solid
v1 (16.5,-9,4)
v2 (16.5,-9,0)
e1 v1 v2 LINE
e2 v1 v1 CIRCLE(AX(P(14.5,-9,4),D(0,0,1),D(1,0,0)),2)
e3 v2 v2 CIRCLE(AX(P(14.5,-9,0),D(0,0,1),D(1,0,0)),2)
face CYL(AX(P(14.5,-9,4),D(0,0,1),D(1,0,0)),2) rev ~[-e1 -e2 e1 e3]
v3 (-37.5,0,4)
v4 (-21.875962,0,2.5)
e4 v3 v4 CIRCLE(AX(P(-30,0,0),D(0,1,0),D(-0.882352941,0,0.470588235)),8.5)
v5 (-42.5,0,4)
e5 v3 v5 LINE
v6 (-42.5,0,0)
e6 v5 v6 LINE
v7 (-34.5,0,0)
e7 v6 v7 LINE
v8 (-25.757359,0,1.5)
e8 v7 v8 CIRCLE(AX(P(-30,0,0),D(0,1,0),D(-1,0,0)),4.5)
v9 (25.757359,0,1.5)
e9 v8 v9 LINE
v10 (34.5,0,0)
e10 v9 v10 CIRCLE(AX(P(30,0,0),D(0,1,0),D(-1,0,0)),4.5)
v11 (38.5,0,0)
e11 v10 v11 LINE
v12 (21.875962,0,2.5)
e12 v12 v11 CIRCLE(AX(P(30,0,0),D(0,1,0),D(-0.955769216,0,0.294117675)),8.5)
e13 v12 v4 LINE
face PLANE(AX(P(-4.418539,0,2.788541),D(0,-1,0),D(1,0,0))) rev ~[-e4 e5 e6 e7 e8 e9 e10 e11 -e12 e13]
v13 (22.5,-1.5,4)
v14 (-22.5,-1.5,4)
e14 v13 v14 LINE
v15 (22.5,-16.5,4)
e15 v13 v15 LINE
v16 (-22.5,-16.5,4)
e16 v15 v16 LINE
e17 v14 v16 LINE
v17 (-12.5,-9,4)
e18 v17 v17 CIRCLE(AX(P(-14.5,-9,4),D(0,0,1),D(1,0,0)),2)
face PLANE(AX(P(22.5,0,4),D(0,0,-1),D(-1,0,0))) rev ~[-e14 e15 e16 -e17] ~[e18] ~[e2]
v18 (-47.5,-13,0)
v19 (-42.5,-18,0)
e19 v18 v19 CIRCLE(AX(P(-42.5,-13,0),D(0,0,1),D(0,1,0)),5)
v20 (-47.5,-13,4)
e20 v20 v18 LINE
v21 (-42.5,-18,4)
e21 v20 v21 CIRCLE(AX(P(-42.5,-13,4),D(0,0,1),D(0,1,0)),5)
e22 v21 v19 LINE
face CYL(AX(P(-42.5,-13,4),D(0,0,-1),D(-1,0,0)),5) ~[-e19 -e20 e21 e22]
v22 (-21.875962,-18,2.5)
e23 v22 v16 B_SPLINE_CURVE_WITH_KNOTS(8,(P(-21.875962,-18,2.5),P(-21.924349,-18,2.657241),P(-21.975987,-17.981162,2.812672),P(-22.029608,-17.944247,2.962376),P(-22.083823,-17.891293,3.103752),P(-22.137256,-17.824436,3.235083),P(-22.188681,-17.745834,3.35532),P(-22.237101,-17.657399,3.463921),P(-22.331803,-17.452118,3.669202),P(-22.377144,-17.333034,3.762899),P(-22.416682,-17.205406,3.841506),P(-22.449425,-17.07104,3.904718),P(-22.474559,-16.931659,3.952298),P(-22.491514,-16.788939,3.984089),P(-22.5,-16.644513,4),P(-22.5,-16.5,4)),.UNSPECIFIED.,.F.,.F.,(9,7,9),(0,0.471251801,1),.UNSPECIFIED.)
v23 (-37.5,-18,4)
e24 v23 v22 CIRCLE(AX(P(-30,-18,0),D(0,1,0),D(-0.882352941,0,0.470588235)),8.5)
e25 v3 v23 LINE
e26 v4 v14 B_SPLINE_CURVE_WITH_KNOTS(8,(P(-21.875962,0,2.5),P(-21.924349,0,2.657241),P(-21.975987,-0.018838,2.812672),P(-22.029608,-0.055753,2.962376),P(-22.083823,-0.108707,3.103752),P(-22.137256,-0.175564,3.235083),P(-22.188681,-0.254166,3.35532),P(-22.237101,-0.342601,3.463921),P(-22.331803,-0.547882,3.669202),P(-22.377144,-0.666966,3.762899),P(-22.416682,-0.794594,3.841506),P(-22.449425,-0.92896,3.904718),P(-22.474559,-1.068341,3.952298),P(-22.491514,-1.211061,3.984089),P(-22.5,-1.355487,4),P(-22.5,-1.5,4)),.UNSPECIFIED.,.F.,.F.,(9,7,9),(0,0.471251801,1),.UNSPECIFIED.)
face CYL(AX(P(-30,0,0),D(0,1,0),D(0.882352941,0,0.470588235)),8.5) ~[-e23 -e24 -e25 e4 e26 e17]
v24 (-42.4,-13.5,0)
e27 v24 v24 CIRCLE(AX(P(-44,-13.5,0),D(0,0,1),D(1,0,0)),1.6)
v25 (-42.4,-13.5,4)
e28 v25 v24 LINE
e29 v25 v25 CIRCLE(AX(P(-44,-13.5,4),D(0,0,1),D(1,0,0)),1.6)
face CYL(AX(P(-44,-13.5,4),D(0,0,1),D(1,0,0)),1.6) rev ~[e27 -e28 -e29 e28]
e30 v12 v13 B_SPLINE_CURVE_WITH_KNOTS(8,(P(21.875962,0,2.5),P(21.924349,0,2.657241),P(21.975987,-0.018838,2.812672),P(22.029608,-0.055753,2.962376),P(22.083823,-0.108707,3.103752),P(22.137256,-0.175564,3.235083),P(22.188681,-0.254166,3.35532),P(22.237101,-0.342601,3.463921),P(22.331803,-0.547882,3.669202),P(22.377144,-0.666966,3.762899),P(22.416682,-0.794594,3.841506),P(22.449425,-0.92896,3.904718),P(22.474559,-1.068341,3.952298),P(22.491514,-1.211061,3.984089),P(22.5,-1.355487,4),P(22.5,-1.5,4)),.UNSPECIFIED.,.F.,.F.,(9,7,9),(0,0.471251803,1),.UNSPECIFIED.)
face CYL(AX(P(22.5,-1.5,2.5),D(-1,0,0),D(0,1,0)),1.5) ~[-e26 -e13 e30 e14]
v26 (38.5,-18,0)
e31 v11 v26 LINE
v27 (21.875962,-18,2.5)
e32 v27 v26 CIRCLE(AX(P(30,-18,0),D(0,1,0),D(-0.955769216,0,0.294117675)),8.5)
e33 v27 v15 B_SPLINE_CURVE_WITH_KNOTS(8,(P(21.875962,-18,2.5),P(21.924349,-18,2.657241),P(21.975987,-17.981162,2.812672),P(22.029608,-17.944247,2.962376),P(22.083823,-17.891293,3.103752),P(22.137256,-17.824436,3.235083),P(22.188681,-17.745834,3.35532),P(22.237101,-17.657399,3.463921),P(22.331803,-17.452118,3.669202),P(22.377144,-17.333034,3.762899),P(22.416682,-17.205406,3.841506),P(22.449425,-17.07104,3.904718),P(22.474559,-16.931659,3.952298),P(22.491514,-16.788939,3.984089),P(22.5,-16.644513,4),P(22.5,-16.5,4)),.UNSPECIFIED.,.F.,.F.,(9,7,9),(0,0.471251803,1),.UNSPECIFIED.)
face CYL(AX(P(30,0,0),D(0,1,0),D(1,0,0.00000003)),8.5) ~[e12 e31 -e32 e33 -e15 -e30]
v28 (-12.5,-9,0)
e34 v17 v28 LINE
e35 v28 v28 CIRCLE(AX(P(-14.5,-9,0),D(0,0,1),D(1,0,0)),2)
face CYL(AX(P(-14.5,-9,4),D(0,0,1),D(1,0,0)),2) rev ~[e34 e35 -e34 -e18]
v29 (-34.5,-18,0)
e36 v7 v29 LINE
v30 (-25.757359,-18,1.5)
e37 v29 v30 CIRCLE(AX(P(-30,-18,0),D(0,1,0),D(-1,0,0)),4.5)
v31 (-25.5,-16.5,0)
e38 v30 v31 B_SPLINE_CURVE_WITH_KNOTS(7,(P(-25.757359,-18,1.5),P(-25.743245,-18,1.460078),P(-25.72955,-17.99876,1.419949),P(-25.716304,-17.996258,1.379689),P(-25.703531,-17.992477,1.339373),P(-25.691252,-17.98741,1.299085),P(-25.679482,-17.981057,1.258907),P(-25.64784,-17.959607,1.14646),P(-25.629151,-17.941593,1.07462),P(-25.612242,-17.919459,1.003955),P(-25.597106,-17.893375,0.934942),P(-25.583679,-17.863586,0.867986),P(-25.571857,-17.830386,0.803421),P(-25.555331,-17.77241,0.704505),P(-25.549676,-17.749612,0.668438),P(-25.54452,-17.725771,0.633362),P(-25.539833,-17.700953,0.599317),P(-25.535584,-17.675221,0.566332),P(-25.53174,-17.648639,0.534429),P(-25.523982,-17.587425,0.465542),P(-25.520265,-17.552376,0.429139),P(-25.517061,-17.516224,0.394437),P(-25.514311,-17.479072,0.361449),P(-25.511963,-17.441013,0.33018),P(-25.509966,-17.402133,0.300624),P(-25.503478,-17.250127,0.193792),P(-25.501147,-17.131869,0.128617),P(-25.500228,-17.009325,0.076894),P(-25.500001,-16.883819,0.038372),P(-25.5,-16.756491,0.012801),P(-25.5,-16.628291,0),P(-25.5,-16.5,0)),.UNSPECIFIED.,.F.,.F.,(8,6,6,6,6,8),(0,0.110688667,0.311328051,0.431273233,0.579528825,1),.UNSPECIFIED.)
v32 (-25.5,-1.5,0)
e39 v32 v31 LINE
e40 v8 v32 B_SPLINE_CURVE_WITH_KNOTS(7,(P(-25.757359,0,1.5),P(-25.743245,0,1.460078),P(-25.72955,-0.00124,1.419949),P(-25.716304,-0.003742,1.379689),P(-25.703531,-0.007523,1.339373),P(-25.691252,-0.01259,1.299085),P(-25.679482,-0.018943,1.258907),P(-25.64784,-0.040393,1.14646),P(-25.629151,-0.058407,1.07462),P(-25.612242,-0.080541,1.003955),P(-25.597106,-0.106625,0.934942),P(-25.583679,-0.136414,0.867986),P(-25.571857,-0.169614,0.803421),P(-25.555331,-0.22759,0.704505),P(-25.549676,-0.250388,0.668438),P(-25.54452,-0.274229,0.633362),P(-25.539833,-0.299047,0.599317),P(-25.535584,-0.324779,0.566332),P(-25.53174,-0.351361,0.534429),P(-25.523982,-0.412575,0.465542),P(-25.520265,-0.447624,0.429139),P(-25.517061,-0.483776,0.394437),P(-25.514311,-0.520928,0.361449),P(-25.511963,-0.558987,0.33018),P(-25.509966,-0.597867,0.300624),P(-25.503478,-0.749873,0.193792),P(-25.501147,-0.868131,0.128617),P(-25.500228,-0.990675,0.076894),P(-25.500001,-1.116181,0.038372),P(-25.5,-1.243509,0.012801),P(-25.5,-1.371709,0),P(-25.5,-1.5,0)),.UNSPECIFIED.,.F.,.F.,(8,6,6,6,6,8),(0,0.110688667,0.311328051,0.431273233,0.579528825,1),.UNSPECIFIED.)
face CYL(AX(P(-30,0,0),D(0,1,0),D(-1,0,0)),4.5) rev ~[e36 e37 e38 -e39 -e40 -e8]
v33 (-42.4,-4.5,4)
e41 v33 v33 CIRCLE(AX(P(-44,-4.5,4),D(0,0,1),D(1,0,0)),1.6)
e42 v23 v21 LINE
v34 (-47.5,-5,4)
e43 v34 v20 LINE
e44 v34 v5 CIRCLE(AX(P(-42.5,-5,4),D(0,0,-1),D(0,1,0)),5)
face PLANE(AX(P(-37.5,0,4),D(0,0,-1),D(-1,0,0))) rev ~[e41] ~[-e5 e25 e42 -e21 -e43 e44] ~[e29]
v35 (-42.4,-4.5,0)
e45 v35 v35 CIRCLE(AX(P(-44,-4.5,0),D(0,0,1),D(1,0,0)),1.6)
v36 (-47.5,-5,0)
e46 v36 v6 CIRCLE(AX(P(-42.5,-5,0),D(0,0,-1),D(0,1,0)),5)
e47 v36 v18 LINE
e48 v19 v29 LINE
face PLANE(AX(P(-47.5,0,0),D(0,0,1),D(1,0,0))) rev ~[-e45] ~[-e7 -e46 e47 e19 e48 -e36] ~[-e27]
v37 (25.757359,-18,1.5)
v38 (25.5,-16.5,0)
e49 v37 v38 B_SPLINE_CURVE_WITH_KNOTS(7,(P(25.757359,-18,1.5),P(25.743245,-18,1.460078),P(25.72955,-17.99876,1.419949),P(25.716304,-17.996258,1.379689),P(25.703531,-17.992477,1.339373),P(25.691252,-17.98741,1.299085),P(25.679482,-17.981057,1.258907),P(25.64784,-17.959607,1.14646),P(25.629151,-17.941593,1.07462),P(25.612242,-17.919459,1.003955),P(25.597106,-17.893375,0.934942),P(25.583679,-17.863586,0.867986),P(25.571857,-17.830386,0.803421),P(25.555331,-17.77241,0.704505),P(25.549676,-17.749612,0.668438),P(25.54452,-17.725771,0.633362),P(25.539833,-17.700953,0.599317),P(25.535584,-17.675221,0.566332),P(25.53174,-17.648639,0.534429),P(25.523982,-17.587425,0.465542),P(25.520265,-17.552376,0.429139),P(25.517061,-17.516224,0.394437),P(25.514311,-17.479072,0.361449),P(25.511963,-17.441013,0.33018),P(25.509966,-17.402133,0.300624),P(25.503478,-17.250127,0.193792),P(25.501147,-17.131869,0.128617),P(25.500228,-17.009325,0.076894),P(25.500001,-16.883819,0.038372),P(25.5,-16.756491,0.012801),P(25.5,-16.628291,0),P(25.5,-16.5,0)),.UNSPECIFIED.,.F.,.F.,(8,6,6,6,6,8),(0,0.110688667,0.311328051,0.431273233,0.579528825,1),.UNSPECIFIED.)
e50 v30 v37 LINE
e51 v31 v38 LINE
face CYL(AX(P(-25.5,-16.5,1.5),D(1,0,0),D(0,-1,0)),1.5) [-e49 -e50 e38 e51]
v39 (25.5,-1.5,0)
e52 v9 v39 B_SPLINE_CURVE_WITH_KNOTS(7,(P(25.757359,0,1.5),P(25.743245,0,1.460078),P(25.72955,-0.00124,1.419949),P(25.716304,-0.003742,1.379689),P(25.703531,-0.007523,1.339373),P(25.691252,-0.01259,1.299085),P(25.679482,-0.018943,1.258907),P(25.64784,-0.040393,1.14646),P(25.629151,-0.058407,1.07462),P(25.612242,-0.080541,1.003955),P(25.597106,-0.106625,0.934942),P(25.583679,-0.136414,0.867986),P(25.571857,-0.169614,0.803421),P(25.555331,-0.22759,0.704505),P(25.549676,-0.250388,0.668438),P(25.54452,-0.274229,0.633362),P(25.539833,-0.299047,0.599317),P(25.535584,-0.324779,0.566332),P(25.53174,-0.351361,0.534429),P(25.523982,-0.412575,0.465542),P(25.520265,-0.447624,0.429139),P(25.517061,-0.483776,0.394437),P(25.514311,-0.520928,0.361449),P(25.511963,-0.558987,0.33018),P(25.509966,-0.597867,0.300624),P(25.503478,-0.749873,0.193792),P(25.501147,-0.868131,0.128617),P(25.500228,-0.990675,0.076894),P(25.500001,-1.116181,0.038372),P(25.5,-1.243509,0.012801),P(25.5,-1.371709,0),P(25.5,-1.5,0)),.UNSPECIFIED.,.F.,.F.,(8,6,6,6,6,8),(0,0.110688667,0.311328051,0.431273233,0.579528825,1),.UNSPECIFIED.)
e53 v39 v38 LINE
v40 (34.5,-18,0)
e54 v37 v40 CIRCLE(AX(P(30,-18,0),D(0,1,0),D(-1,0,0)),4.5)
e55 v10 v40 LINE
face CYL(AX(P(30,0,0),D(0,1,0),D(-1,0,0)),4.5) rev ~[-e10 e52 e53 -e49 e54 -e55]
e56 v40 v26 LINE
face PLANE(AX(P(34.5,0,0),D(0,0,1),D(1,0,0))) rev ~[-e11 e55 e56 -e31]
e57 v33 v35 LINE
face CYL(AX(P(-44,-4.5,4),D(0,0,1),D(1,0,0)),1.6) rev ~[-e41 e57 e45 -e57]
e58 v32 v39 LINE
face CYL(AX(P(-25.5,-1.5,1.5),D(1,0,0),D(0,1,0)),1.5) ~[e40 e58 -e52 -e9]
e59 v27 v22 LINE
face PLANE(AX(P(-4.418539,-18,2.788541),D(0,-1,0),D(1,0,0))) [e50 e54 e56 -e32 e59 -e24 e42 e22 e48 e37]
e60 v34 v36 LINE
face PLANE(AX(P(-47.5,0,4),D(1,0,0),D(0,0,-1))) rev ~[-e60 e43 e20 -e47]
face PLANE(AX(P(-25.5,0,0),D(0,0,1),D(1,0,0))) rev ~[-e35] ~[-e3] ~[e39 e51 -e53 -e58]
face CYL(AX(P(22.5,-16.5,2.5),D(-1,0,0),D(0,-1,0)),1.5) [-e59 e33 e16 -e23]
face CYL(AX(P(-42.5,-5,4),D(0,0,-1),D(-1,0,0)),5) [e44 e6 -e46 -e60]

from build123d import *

# Parameters (mm, degrees)
F1_DEPTH = 18
F2_R     = 5
F3_R     = 1.5
F4_R     = 1.6
F5_DEPTH = 4
F4_R_2   = 2
F6_DEPTH = 4


with BuildPart() as f1:
    # F0 (on Front) → F1 (new body)
    with BuildSketch(Plane.XZ):
        with BuildLine():
            ThreePointArc((25.5, 0), (30, 4.5), (34.5, 0))
            Line((34.5, 0), (38.5, 0))
            ThreePointArc((38.5, 0), (32.061553, 8.246211), (22.5, 4))
            Line((22.5, 4), (-22.5, 4))
            ThreePointArc((-22.5, 4), (-30, 8.5), (-37.5, 4))
            Line((-37.5, 4), (-44.5, 4))
            Line((-44.5, 4), (-47.5, 4))
            Line((-47.5, 4), (-47.5, 0))
            Line((-47.5, 0), (-38.5, 0))
            Line((-38.5, 0), (-34.5, 0))
            ThreePointArc((-34.5, 0), (-30, 4.5), (-25.5, 0))
            Line((-25.5, 0), (25.5, 0))
        make_face()
    extrude(amount=F1_DEPTH)

    # F2
    f2_edges = [f1.edges().sort_by_distance(p)[0] for p in [
        (-47.5, -18, 2),
        (-47.5, 0, 2),
    ]]
    fillet(f2_edges, radius=F2_R)

    # F3
    f3_edges = [f1.edges().sort_by_distance(p)[0] for p in [
        (0, -18, 4),
        (0, -18, 0),
        (0, 0, 4),
        (0, 0, 0),
    ]]
    fillet(f3_edges, radius=F3_R)

    # F4 (on face) → F5 (cut, through all)
    with BuildSketch(Plane.XY.offset(4)):
        with Locations((-44, -4.5)):
            Circle(F4_R)
        with Locations((-44, -13.5)):
            Circle(F4_R)
    extrude(amount=-F5_DEPTH, mode=Mode.SUBTRACT)

    # F4 (on face) → F6 (cut, through all)
    with BuildSketch(Plane.XY.offset(4)):
        with Locations((14.5, -9)):
            Circle(F4_R_2)
        with Locations((-14.5, -9)):
            Circle(F4_R_2)
    extrude(amount=-F6_DEPTH, mode=Mode.SUBTRACT)


solid = f1.part
